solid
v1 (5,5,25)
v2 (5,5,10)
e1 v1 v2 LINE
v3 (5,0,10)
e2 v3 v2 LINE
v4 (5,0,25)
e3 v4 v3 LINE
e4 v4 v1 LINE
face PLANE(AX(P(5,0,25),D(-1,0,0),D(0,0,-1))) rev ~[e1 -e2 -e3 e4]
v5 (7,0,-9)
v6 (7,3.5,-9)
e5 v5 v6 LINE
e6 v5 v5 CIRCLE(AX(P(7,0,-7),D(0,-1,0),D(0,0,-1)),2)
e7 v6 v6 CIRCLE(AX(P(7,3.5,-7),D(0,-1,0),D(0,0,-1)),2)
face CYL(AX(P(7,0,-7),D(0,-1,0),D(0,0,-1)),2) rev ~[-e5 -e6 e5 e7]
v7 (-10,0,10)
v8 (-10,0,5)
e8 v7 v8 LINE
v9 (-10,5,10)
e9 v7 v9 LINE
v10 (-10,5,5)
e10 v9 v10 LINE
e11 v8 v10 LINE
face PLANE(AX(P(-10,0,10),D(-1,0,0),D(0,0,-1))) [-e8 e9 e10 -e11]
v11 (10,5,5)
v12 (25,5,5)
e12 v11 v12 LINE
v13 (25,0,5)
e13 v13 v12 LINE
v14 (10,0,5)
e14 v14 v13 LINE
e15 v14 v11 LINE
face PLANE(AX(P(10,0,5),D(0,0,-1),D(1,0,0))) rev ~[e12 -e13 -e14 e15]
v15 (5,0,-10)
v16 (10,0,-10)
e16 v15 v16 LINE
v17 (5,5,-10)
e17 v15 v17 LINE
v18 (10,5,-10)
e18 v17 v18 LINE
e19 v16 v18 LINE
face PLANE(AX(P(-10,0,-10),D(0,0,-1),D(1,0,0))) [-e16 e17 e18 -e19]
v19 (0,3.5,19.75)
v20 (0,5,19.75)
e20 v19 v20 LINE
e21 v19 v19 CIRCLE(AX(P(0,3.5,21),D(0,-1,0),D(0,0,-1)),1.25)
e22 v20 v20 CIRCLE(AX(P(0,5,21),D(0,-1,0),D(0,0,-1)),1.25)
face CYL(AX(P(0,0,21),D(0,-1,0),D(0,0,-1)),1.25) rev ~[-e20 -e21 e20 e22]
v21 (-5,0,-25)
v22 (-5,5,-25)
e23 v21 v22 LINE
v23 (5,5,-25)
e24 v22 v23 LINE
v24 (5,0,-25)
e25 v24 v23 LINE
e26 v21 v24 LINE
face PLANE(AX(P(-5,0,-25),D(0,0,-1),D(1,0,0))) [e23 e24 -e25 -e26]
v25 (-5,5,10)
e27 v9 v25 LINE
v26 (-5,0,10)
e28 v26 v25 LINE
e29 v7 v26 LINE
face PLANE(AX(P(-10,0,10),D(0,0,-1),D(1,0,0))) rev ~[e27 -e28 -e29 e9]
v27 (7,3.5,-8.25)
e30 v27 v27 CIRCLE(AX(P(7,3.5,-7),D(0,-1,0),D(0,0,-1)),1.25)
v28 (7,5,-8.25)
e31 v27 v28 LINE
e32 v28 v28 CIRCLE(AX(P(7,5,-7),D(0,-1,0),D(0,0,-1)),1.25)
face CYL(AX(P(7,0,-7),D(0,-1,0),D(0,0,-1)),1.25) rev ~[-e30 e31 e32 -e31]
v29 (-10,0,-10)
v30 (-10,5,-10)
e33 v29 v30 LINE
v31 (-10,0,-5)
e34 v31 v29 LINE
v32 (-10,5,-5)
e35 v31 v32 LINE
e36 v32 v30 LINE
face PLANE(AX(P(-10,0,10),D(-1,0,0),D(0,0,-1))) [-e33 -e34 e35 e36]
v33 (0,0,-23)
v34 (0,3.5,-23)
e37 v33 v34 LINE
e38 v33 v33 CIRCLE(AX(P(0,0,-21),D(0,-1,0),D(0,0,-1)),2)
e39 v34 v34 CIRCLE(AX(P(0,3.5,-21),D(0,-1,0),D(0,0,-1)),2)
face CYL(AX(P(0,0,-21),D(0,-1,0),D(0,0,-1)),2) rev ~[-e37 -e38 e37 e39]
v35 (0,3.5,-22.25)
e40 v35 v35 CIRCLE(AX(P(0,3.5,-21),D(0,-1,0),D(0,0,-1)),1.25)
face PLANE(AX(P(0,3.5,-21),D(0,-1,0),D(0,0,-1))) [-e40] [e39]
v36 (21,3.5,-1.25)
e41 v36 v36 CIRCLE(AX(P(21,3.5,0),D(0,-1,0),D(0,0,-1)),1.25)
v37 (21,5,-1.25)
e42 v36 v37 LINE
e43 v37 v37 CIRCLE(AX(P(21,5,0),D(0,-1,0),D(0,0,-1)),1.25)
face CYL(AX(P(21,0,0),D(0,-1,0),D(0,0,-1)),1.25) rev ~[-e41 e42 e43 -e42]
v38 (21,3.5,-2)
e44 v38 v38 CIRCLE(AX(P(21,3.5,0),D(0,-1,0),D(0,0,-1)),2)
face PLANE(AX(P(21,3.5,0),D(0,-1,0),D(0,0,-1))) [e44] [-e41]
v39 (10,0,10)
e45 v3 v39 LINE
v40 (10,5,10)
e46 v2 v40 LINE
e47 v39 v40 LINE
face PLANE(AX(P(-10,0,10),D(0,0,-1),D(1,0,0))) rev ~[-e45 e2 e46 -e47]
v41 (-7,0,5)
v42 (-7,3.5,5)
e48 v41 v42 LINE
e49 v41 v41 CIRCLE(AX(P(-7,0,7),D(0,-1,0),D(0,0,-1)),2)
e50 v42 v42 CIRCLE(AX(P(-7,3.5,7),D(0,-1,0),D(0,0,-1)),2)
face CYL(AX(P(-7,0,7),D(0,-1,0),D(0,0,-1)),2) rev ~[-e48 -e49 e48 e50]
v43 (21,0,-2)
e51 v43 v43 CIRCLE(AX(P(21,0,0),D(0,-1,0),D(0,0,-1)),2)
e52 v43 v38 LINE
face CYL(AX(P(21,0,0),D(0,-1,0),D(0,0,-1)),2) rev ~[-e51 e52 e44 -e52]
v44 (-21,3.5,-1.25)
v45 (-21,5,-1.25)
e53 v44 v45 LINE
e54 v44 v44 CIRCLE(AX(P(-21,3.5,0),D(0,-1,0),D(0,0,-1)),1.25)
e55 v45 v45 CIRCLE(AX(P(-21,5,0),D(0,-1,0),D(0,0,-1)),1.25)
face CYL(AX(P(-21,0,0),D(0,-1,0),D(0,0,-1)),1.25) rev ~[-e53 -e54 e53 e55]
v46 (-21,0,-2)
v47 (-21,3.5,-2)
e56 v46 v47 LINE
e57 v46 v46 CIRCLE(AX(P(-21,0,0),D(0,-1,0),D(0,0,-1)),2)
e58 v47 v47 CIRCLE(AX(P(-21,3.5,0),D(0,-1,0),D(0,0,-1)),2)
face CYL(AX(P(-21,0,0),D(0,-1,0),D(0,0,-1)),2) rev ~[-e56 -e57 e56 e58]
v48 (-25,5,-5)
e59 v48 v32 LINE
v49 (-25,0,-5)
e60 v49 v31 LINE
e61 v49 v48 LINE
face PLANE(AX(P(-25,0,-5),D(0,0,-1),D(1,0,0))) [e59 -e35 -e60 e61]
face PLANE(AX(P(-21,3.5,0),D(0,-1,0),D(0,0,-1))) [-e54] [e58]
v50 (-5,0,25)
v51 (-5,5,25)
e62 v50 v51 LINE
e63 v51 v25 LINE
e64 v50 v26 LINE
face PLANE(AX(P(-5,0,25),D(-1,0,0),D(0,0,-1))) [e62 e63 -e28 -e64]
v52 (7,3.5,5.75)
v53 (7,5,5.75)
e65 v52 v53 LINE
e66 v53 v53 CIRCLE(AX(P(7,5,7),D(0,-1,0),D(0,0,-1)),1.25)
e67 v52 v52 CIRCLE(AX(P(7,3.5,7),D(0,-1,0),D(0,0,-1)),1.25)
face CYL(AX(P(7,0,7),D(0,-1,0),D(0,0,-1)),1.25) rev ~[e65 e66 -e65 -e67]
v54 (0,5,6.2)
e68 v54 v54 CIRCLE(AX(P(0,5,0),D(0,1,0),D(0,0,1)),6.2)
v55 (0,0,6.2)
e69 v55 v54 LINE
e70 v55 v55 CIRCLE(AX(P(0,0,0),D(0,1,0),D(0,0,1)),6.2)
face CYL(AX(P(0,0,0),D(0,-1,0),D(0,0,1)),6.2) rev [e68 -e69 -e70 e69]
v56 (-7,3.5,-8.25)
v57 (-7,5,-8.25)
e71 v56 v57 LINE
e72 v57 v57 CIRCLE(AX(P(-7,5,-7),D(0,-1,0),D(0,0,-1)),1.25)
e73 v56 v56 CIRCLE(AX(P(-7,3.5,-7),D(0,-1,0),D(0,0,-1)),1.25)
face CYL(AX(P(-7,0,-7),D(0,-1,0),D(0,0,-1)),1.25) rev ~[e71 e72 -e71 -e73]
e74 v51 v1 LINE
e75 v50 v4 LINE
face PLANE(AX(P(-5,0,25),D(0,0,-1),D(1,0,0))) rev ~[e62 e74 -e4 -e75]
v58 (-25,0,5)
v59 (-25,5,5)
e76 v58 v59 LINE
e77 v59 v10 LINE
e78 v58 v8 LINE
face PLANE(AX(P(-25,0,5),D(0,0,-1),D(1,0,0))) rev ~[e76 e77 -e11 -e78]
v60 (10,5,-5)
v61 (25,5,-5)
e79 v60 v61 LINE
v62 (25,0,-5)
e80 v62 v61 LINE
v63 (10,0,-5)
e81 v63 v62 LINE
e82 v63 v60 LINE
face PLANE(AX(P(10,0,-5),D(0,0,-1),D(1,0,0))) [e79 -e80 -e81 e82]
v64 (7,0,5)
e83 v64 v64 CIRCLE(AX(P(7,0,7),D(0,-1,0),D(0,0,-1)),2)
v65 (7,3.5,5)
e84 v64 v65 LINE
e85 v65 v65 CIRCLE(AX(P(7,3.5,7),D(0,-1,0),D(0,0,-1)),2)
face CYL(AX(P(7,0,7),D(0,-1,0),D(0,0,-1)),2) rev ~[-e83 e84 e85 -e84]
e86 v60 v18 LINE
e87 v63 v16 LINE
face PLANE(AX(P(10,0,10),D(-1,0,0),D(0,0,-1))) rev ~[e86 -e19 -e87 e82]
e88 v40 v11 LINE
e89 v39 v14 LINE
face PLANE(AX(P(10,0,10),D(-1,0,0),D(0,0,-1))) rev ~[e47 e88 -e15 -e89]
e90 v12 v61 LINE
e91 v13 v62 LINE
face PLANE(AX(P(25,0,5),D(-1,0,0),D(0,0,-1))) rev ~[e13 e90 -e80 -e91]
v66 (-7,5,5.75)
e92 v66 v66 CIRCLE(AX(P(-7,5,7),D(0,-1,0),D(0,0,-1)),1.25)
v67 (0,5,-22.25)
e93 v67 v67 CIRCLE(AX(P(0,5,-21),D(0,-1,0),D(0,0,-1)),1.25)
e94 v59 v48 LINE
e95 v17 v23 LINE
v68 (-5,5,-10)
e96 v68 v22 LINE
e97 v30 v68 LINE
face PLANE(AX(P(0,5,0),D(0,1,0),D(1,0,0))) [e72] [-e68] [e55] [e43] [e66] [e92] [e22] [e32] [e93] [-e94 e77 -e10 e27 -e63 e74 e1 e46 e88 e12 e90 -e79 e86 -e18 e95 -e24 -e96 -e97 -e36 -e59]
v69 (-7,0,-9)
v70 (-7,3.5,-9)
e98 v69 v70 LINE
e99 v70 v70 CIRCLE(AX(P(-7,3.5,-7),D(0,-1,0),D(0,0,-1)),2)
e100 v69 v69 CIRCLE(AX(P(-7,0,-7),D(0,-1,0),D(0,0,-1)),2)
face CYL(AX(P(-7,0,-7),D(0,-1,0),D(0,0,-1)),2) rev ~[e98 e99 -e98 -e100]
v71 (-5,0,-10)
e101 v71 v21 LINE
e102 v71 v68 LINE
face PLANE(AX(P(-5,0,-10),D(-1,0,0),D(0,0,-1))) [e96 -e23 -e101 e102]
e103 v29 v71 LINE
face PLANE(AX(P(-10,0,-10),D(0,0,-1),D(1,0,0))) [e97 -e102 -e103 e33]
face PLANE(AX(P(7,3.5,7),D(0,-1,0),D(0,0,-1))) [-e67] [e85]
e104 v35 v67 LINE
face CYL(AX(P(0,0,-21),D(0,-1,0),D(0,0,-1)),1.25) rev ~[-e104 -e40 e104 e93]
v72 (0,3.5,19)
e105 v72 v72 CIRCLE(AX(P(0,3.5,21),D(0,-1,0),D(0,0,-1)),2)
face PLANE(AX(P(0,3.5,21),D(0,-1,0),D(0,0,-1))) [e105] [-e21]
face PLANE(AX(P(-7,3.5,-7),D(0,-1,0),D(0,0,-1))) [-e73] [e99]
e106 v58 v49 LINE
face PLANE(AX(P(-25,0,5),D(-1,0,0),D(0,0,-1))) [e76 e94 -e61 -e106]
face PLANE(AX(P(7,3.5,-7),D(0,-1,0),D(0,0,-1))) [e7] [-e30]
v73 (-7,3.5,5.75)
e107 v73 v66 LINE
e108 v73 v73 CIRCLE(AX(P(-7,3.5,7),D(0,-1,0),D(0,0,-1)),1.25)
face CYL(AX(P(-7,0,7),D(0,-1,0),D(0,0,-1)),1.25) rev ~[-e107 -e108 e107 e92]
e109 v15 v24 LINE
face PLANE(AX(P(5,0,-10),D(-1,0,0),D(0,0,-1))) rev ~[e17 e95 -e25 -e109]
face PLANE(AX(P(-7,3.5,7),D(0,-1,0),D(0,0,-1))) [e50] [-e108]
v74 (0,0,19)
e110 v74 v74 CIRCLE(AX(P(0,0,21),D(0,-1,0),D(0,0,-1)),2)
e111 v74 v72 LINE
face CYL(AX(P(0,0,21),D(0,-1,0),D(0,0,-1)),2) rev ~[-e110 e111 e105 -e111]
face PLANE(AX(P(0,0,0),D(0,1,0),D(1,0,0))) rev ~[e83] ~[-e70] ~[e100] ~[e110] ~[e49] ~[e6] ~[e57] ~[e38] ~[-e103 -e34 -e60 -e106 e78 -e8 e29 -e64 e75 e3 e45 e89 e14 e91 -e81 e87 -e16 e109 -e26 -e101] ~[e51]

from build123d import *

# Parameters (mm, degrees)
SKETCH_1_W          = 20
SKETCH_1_H          = 20
SKETCH_1_R          = 6.2
SKETCH_1_W_2        = 15
SKETCH_1_H_2        = 10
SKETCH_1_W_3        = 10
SKETCH_1_H_3        = 15
EXTRUDE_1_DEPTH     = 5
SKETCH_2_R          = 1.25
CUT_EXTRUDE_1_DEPTH = 36.707142143
SKETCH_2_3_R        = 2
SKETCH_2_3_R_2      = 1.25
CUT_EXTRUDE_2_DEPTH = 3.5


with BuildPart() as part:
    # 草图1 → 凸台-拉伸1 (new body)
    # profile 1 of 5: a face of its own
    with BuildSketch(Plane(origin=(0, 0, 0), x_dir=(1, 0, 0), z_dir=(0, 1, 0))):
        Rectangle(SKETCH_1_W, SKETCH_1_H)
        with Locations(Location((0, 0, 0), (0, 0, 270))):
            Circle(SKETCH_1_R, mode=Mode.SUBTRACT)
    # profile 2 of 5: a face of its own
    with BuildSketch(Plane(origin=(0, 0, 0), x_dir=(1, 0, 0), z_dir=(0, 1, 0))):
        with Locations((-17.5, 0)):
            Rectangle(SKETCH_1_W_2, SKETCH_1_H_2)
    # profile 3 of 5: a face of its own
    with BuildSketch(Plane(origin=(0, 0, 0), x_dir=(1, 0, 0), z_dir=(0, 1, 0))):
        with Locations((0, -17.5)):
            Rectangle(SKETCH_1_W_3, SKETCH_1_H_3)
    # profile 4 of 5: a face of its own
    with BuildSketch(Plane(origin=(0, 0, 0), x_dir=(1, 0, 0), z_dir=(0, 1, 0))):
        with Locations((0, 17.5)):
            Rectangle(SKETCH_1_W_3, SKETCH_1_H_3)
    # profile 5 of 5: a face of its own
    with BuildSketch(Plane(origin=(0, 0, 0), x_dir=(1, 0, 0), z_dir=(0, 1, 0))):
        with Locations((17.5, 0)):
            Rectangle(SKETCH_1_W_2, SKETCH_1_H_2)
    extrude(amount=EXTRUDE_1_DEPTH)

    # 草图2 → 切除-拉伸1 (cut, through all)
    with BuildSketch(Plane.XZ):
        with Locations(Location((7, 7, 0), (0, 0, 270))):
            Circle(SKETCH_2_R)
        with Locations(Location((7, -7, 0), (0, 0, 270))):
            Circle(SKETCH_2_R)
        with Locations(Location((-7, -7, 0), (0, 0, 270))):
            Circle(SKETCH_2_R)
        with Locations(Location((-7, 7, 0), (0, 0, 270))):
            Circle(SKETCH_2_R)
        with Locations(Location((0, 21, 0), (0, 0, 270))):
            Circle(SKETCH_2_R)
        with Locations(Location((21, 0, 0), (0, 0, 270))):
            Circle(SKETCH_2_R)
        with Locations(Location((0, -21, 0), (0, 0, 270))):
            Circle(SKETCH_2_R)
        with Locations(Location((-21, 0, 0), (0, 0, 270))):
            Circle(SKETCH_2_R)
    extrude(amount=-CUT_EXTRUDE_1_DEPTH, mode=Mode.SUBTRACT)

    # 草图2<3> → 切除-拉伸2 (cut)
    # profile 1 of 8: a face of its own
    with BuildSketch(Plane.XZ):
        with Locations(Location((7, 7, 0), (0, 0, 270))):
            Circle(SKETCH_2_3_R)
        with Locations(Location((7, 7, 0), (0, 0, 270))):
            Circle(SKETCH_2_3_R_2, mode=Mode.SUBTRACT)
    # profile 2 of 8: a face of its own
    with BuildSketch(Plane.XZ):
        with Locations(Location((7, -7, 0), (0, 0, 270))):
            Circle(SKETCH_2_3_R)
        with Locations(Location((7, -7, 0), (0, 0, 270))):
            Circle(SKETCH_2_3_R_2, mode=Mode.SUBTRACT)
    # profile 3 of 8: a face of its own
    with BuildSketch(Plane.XZ):
        with Locations(Location((-7, 7, 0), (0, 0, 270))):
            Circle(SKETCH_2_3_R)
        with Locations(Location((-7, 7, 0), (0, 0, 270))):
            Circle(SKETCH_2_3_R_2, mode=Mode.SUBTRACT)
    # profile 4 of 8: a face of its own
    with BuildSketch(Plane.XZ):
        with Locations(Location((-7, -7, 0), (0, 0, 270))):
            Circle(SKETCH_2_3_R)
        with Locations(Location((-7, -7, 0), (0, 0, 270))):
            Circle(SKETCH_2_3_R_2, mode=Mode.SUBTRACT)
    # profile 5 of 8: a face of its own
    with BuildSketch(Plane.XZ):
        with Locations(Location((0, 21, 0), (0, 0, 270))):
            Circle(SKETCH_2_3_R)
        with Locations(Location((0, 21, 0), (0, 0, 270))):
            Circle(SKETCH_2_3_R_2, mode=Mode.SUBTRACT)
    # profile 6 of 8: a face of its own
    with BuildSketch(Plane.XZ):
        with Locations(Location((21, 0, 0), (0, 0, 270))):
            Circle(SKETCH_2_3_R)
        with Locations(Location((21, 0, 0), (0, 0, 270))):
            Circle(SKETCH_2_3_R_2, mode=Mode.SUBTRACT)
    # profile 7 of 8: a face of its own
    with BuildSketch(Plane.XZ):
        with Locations(Location((0, -21, 0), (0, 0, 270))):
            Circle(SKETCH_2_3_R)
        with Locations(Location((0, -21, 0), (0, 0, 270))):
            Circle(SKETCH_2_3_R_2, mode=Mode.SUBTRACT)
    # profile 8 of 8: a face of its own
    with BuildSketch(Plane.XZ):
        with Locations(Location((-21, 0, 0), (0, 0, 270))):
            Circle(SKETCH_2_3_R)
        with Locations(Location((-21, 0, 0), (0, 0, 270))):
            Circle(SKETCH_2_3_R_2, mode=Mode.SUBTRACT)
    extrude(amount=-CUT_EXTRUDE_2_DEPTH, mode=Mode.SUBTRACT)


solid = part.part
